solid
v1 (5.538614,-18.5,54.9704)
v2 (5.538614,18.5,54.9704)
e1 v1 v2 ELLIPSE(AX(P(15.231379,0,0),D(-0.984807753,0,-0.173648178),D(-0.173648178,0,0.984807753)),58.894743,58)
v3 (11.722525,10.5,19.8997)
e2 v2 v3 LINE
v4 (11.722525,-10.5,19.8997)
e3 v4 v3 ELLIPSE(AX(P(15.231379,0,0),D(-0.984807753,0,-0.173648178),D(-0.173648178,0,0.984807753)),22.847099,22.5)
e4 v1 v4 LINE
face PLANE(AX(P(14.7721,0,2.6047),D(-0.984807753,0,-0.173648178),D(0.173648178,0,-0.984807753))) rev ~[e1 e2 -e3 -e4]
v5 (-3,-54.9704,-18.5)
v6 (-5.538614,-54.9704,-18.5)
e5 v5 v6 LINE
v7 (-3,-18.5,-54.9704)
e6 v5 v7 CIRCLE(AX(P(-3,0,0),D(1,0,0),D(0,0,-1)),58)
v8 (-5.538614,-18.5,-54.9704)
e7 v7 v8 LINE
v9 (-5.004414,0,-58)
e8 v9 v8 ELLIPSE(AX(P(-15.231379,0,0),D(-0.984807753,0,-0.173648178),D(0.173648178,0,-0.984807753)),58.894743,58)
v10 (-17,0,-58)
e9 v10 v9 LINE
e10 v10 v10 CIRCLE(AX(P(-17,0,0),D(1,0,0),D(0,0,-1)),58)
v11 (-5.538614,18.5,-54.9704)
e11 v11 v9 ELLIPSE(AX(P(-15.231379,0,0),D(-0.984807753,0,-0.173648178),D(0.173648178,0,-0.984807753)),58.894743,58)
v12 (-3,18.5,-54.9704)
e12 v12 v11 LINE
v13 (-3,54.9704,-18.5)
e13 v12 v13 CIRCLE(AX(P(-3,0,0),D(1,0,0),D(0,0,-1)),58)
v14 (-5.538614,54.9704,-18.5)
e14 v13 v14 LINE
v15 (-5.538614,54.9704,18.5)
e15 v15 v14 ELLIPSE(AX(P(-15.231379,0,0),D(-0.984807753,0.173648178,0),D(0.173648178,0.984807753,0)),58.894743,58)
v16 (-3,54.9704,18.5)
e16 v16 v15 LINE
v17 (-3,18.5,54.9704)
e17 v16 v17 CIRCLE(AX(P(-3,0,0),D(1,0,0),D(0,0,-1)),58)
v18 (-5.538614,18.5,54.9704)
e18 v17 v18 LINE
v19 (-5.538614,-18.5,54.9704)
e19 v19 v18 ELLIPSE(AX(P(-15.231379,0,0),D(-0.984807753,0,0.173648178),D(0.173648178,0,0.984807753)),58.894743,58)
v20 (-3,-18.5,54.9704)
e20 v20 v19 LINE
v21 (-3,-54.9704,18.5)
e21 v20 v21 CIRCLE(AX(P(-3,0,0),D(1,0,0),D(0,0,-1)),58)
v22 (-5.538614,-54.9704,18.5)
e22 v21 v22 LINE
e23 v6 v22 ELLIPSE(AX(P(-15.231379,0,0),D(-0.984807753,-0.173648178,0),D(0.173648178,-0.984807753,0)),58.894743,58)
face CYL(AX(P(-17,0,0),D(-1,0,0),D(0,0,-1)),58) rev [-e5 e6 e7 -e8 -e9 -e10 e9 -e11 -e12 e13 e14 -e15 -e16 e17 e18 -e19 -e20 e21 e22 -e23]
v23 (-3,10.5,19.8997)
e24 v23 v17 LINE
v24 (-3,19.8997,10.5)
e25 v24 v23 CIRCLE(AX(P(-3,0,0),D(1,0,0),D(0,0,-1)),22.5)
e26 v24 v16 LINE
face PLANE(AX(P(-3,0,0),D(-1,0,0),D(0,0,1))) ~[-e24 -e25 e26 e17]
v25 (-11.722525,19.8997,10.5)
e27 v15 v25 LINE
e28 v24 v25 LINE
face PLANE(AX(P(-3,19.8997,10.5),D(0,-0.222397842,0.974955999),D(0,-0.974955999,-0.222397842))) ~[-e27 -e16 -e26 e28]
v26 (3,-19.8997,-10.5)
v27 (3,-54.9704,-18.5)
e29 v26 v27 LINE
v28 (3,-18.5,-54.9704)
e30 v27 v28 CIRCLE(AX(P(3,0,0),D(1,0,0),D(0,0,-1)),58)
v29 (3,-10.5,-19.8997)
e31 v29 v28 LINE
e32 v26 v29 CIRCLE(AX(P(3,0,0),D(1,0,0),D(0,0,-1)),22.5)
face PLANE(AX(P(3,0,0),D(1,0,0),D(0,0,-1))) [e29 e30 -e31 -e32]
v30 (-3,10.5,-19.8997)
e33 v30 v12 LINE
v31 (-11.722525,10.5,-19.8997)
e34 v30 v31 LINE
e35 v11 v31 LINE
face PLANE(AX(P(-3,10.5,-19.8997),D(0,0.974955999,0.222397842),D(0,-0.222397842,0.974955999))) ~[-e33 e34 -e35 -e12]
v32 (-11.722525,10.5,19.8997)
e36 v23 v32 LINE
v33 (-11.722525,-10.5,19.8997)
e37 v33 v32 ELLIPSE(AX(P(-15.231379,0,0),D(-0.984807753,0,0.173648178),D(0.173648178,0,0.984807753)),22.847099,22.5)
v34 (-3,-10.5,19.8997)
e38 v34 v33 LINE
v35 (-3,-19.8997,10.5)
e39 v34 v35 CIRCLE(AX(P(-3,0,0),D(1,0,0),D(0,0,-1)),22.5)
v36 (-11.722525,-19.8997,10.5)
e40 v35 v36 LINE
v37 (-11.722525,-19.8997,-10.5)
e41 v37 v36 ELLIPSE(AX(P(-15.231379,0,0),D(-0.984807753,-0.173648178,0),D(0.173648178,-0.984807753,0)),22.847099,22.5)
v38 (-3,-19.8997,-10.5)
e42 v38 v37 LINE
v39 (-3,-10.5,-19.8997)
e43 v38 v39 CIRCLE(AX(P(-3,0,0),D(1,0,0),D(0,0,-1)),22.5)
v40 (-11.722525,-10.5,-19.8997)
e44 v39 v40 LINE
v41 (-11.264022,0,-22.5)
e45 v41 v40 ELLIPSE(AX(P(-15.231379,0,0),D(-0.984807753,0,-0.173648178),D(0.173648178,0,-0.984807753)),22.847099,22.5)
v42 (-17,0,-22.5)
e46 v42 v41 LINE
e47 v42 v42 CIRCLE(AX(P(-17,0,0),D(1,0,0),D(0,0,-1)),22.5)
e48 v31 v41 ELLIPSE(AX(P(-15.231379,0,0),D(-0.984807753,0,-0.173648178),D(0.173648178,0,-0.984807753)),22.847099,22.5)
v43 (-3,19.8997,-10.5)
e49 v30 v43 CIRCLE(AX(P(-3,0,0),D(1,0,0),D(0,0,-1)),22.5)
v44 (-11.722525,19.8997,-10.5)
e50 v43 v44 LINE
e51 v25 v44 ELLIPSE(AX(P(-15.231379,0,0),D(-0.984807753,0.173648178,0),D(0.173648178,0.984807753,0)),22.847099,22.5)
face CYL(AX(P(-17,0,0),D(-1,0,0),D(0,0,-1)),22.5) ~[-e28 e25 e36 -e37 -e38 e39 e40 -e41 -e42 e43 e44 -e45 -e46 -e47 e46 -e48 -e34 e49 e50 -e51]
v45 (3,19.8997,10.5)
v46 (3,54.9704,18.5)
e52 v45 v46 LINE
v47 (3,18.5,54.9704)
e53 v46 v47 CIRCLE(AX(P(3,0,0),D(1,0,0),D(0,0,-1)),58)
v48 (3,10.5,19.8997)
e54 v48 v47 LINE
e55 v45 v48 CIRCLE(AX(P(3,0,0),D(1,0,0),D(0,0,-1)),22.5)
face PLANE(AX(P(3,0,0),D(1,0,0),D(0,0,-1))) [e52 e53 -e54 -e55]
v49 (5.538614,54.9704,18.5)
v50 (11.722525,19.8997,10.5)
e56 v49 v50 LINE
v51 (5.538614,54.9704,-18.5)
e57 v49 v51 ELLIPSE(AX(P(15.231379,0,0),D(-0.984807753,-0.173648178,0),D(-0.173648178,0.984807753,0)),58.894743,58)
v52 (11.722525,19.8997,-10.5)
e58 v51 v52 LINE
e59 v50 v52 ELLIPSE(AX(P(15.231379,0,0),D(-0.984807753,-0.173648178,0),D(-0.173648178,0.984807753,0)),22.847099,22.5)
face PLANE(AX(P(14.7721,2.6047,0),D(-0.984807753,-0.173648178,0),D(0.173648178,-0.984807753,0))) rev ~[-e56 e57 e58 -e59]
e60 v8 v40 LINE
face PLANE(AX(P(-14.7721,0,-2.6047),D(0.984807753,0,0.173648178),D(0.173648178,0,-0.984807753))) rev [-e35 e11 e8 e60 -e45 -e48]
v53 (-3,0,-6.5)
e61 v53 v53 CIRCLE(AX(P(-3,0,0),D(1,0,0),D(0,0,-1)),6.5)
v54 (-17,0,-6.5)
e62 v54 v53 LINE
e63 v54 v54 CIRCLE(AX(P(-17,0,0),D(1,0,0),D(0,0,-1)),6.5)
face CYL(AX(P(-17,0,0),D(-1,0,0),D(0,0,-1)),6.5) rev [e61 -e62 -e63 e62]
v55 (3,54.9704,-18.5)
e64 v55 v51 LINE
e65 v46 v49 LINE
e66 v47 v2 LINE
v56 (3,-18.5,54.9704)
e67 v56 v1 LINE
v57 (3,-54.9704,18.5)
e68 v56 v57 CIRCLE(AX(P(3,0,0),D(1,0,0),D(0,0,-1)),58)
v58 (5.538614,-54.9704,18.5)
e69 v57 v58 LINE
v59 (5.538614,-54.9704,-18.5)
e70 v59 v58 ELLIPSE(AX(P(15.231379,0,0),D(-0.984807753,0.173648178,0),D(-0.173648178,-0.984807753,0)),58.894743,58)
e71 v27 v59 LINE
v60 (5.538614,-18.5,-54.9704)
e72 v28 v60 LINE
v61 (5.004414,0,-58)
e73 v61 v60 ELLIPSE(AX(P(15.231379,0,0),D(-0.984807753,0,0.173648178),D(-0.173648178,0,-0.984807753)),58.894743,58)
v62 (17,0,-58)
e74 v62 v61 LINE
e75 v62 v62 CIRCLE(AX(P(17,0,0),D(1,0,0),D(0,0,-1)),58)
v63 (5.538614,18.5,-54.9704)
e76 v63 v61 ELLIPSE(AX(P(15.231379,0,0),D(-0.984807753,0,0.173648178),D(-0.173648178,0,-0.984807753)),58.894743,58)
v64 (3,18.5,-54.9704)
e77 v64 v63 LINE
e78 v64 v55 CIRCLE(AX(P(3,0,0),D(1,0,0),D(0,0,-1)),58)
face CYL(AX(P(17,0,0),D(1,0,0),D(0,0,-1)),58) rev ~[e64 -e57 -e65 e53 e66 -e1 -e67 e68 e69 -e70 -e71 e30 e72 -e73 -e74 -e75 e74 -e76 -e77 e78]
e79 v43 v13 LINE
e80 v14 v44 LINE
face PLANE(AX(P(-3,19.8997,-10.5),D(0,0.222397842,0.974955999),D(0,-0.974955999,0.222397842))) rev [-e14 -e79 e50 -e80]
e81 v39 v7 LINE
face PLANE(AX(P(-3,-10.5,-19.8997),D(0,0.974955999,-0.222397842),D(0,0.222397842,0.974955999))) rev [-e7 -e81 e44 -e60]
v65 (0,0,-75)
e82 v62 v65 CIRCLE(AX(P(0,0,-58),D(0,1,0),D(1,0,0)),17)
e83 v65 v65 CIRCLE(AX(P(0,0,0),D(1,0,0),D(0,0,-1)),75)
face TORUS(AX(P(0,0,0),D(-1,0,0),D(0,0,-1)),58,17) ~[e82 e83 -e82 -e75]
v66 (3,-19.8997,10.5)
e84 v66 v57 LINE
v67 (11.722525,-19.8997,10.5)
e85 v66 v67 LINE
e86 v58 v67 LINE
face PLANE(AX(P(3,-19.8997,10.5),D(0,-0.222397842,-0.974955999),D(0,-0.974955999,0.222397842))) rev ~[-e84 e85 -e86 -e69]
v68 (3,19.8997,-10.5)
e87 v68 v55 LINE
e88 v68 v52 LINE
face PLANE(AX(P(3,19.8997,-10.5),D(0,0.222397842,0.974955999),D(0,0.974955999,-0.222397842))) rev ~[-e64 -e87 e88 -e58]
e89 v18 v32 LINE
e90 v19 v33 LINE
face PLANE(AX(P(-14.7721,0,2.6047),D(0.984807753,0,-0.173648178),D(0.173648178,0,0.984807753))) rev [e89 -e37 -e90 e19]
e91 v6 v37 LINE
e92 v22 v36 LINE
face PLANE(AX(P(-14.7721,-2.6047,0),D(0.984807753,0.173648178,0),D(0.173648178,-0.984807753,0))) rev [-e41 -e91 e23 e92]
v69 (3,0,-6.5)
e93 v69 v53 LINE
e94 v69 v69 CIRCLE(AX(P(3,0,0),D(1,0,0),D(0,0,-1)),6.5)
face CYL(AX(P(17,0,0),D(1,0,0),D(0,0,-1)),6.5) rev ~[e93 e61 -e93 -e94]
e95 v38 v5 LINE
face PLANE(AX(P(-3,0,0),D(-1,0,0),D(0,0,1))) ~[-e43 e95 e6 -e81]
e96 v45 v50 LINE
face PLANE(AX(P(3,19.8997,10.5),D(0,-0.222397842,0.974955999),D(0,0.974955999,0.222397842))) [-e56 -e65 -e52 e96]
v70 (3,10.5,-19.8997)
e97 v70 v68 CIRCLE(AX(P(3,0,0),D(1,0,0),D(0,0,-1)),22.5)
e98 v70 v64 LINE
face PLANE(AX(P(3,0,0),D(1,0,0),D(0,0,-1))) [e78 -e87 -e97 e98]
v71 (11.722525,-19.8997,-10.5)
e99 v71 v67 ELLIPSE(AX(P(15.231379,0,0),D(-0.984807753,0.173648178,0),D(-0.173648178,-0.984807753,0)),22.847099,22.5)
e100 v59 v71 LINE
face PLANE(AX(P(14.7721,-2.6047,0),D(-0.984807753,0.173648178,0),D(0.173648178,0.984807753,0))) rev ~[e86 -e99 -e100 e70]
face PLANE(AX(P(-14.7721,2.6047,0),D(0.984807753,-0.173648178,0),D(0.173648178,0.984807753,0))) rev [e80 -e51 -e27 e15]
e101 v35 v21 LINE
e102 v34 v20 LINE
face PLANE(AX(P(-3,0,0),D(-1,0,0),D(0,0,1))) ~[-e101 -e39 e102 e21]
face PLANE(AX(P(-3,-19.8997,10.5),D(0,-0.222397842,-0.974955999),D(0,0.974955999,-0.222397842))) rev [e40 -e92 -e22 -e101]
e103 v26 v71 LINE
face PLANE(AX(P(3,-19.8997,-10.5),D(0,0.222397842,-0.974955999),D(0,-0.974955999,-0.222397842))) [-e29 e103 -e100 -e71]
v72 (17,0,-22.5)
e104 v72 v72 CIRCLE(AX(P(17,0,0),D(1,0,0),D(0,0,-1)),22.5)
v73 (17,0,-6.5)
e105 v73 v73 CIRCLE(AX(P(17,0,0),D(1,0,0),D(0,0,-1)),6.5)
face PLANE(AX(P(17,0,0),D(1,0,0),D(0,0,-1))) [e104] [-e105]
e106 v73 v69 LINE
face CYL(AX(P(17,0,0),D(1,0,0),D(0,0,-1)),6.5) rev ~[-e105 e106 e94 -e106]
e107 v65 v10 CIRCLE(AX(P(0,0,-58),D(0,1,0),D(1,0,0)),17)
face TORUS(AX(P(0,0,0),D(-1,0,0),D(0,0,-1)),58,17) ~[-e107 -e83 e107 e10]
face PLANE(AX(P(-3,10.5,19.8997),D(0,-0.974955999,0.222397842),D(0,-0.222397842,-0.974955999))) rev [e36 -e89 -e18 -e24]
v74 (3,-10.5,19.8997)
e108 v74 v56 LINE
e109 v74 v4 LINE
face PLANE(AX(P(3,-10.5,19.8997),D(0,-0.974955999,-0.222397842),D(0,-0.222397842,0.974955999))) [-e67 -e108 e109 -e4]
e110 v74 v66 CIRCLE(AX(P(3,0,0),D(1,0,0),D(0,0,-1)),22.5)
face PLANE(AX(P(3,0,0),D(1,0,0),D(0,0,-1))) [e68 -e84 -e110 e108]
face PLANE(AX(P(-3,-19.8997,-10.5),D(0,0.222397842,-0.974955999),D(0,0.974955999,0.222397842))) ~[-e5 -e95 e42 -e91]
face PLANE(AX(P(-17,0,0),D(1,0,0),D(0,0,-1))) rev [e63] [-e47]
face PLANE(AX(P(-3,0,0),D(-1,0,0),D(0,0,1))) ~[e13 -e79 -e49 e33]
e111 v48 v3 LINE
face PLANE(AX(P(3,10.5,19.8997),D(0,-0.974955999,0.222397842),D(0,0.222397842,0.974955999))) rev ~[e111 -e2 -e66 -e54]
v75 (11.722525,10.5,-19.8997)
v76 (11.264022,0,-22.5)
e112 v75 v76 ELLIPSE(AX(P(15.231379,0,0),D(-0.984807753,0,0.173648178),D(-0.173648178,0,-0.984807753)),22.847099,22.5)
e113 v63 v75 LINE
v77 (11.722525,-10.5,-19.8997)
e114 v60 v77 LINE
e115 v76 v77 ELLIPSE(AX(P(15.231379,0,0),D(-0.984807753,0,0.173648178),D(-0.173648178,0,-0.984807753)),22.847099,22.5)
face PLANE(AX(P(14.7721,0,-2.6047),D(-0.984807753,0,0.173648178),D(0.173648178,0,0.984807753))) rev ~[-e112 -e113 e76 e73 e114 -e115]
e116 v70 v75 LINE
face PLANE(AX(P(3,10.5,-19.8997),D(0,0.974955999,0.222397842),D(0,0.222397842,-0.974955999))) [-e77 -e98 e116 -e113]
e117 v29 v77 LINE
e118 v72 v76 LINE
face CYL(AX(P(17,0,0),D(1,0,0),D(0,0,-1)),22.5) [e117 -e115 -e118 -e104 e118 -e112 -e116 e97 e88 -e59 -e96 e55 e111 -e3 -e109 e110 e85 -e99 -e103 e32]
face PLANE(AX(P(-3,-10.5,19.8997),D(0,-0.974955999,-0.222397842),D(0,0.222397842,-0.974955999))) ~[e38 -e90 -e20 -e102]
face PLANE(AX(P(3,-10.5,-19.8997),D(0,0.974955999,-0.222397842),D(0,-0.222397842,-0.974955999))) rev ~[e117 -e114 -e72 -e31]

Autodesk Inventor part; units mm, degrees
ref_plane "YZ Plane" through (0, 0, 0) normal (1, 0, 0) x (0, 1, 0)
sketch "Sketch1" plane through (0, 0, 0) normal (0, 1, 0) x (-1, 0, 0)
  line L0 (-17, 0) -> (17, 0)
  line L1 (17, 0) -> (17, -75)
  line L2 (17, -75) -> (-17, -75)
  line L3 (-17, -58) -> (-17, 0)
  arc A0 (-17, -58) -> (17, -58) centre (0, -58) ccw
  line L4 (23.8, 0) -> (-23.8, 0) projected
  point P0 (0, 0)
  point P1 (0, 0)
  dimension "d0" = 34
  dimension "d1" = 75
  dimension "d2" = 34
revolve "Revolution1" add sketch "Sketch1" angle 360 about axis through (-10, 0, 0) along (1, 0, 0) contours L0 L1 A0 L3
sketch "Sketch2" plane through (17, 0, 0) normal (1, 0, 0) x (0, 0, -1)
  circle A0 centre (0, 0) radius 58 projected
  circle A1 centre (0, 0) radius 22.5
  dimension "d4" = 45
extrude "Extrusion1" cut sketch "Sketch2" against normal blind 14
sketch "Sketch3" plane through (17, 0, 0) normal (1, 0, 0) x (0, 0, -1)
  circle A0 centre (0, 0) radius 6.5
  dimension "d7" = 13
extrude "Extrusion2" cut sketch "Sketch3" against normal blind 20
ref_plane "Work Plane1" through (0, 0, 0) normal (-0.9848, 0, -0.1736) x (0, 1, 0)
ref_plane "Work Plane2" through (14.7721, 0, 2.6047) normal (-0.9848, 0, -0.1736) x (0, 1, 0)
sketch "Sketch6" plane through (3, 0, 0) normal (1, 0, 0) x (0, 0, -1)
  circle A0 centre (0, 0) radius 58 projected
  circle A1 centre (0, 0) radius 22.5 projected
  line L0 (-54.9704, -18.5) -> (-54.9704, 18.5)
  line L1 (-19.8997, -10.5) -> (-19.8997, 10.5)
  circle A2 centre (0, 0) radius 22.5 projected
  circle A3 centre (0, 0) radius 58 projected
  line L2 (-19.8997, 10.5) -> (-54.9704, 18.5)
  line L3 (-19.8997, -10.5) -> (-54.9704, -18.5)
  dimension "d20" = 37
  dimension "d21" = 21
extrude "Extrusion4" add sketch "Sketch6" along normal up to surface contours L0 A0 | L2 A1 L3 L0 surface through (14.7721, 0, 2.6047) normal (-0.9848, 0, -0.1736)
pattern_circular "Circular Pattern1" count 4 over 360 about axis through (-10, 0, 0) along (1, 0, 0) of "Extrusion4"
mirror "Mirror1" about plane through (0, 0, 0) normal (1, 0, 0) of "Extrusion1", "Extrusion2", "Extrusion4", "Circular Pattern1"
ref_plane "Work Plane3" through (0, 0, 0) normal (1, 0, 0) x (0, 1, 0)
properties part number "Llanta" material "Acetal Resin, Black"
